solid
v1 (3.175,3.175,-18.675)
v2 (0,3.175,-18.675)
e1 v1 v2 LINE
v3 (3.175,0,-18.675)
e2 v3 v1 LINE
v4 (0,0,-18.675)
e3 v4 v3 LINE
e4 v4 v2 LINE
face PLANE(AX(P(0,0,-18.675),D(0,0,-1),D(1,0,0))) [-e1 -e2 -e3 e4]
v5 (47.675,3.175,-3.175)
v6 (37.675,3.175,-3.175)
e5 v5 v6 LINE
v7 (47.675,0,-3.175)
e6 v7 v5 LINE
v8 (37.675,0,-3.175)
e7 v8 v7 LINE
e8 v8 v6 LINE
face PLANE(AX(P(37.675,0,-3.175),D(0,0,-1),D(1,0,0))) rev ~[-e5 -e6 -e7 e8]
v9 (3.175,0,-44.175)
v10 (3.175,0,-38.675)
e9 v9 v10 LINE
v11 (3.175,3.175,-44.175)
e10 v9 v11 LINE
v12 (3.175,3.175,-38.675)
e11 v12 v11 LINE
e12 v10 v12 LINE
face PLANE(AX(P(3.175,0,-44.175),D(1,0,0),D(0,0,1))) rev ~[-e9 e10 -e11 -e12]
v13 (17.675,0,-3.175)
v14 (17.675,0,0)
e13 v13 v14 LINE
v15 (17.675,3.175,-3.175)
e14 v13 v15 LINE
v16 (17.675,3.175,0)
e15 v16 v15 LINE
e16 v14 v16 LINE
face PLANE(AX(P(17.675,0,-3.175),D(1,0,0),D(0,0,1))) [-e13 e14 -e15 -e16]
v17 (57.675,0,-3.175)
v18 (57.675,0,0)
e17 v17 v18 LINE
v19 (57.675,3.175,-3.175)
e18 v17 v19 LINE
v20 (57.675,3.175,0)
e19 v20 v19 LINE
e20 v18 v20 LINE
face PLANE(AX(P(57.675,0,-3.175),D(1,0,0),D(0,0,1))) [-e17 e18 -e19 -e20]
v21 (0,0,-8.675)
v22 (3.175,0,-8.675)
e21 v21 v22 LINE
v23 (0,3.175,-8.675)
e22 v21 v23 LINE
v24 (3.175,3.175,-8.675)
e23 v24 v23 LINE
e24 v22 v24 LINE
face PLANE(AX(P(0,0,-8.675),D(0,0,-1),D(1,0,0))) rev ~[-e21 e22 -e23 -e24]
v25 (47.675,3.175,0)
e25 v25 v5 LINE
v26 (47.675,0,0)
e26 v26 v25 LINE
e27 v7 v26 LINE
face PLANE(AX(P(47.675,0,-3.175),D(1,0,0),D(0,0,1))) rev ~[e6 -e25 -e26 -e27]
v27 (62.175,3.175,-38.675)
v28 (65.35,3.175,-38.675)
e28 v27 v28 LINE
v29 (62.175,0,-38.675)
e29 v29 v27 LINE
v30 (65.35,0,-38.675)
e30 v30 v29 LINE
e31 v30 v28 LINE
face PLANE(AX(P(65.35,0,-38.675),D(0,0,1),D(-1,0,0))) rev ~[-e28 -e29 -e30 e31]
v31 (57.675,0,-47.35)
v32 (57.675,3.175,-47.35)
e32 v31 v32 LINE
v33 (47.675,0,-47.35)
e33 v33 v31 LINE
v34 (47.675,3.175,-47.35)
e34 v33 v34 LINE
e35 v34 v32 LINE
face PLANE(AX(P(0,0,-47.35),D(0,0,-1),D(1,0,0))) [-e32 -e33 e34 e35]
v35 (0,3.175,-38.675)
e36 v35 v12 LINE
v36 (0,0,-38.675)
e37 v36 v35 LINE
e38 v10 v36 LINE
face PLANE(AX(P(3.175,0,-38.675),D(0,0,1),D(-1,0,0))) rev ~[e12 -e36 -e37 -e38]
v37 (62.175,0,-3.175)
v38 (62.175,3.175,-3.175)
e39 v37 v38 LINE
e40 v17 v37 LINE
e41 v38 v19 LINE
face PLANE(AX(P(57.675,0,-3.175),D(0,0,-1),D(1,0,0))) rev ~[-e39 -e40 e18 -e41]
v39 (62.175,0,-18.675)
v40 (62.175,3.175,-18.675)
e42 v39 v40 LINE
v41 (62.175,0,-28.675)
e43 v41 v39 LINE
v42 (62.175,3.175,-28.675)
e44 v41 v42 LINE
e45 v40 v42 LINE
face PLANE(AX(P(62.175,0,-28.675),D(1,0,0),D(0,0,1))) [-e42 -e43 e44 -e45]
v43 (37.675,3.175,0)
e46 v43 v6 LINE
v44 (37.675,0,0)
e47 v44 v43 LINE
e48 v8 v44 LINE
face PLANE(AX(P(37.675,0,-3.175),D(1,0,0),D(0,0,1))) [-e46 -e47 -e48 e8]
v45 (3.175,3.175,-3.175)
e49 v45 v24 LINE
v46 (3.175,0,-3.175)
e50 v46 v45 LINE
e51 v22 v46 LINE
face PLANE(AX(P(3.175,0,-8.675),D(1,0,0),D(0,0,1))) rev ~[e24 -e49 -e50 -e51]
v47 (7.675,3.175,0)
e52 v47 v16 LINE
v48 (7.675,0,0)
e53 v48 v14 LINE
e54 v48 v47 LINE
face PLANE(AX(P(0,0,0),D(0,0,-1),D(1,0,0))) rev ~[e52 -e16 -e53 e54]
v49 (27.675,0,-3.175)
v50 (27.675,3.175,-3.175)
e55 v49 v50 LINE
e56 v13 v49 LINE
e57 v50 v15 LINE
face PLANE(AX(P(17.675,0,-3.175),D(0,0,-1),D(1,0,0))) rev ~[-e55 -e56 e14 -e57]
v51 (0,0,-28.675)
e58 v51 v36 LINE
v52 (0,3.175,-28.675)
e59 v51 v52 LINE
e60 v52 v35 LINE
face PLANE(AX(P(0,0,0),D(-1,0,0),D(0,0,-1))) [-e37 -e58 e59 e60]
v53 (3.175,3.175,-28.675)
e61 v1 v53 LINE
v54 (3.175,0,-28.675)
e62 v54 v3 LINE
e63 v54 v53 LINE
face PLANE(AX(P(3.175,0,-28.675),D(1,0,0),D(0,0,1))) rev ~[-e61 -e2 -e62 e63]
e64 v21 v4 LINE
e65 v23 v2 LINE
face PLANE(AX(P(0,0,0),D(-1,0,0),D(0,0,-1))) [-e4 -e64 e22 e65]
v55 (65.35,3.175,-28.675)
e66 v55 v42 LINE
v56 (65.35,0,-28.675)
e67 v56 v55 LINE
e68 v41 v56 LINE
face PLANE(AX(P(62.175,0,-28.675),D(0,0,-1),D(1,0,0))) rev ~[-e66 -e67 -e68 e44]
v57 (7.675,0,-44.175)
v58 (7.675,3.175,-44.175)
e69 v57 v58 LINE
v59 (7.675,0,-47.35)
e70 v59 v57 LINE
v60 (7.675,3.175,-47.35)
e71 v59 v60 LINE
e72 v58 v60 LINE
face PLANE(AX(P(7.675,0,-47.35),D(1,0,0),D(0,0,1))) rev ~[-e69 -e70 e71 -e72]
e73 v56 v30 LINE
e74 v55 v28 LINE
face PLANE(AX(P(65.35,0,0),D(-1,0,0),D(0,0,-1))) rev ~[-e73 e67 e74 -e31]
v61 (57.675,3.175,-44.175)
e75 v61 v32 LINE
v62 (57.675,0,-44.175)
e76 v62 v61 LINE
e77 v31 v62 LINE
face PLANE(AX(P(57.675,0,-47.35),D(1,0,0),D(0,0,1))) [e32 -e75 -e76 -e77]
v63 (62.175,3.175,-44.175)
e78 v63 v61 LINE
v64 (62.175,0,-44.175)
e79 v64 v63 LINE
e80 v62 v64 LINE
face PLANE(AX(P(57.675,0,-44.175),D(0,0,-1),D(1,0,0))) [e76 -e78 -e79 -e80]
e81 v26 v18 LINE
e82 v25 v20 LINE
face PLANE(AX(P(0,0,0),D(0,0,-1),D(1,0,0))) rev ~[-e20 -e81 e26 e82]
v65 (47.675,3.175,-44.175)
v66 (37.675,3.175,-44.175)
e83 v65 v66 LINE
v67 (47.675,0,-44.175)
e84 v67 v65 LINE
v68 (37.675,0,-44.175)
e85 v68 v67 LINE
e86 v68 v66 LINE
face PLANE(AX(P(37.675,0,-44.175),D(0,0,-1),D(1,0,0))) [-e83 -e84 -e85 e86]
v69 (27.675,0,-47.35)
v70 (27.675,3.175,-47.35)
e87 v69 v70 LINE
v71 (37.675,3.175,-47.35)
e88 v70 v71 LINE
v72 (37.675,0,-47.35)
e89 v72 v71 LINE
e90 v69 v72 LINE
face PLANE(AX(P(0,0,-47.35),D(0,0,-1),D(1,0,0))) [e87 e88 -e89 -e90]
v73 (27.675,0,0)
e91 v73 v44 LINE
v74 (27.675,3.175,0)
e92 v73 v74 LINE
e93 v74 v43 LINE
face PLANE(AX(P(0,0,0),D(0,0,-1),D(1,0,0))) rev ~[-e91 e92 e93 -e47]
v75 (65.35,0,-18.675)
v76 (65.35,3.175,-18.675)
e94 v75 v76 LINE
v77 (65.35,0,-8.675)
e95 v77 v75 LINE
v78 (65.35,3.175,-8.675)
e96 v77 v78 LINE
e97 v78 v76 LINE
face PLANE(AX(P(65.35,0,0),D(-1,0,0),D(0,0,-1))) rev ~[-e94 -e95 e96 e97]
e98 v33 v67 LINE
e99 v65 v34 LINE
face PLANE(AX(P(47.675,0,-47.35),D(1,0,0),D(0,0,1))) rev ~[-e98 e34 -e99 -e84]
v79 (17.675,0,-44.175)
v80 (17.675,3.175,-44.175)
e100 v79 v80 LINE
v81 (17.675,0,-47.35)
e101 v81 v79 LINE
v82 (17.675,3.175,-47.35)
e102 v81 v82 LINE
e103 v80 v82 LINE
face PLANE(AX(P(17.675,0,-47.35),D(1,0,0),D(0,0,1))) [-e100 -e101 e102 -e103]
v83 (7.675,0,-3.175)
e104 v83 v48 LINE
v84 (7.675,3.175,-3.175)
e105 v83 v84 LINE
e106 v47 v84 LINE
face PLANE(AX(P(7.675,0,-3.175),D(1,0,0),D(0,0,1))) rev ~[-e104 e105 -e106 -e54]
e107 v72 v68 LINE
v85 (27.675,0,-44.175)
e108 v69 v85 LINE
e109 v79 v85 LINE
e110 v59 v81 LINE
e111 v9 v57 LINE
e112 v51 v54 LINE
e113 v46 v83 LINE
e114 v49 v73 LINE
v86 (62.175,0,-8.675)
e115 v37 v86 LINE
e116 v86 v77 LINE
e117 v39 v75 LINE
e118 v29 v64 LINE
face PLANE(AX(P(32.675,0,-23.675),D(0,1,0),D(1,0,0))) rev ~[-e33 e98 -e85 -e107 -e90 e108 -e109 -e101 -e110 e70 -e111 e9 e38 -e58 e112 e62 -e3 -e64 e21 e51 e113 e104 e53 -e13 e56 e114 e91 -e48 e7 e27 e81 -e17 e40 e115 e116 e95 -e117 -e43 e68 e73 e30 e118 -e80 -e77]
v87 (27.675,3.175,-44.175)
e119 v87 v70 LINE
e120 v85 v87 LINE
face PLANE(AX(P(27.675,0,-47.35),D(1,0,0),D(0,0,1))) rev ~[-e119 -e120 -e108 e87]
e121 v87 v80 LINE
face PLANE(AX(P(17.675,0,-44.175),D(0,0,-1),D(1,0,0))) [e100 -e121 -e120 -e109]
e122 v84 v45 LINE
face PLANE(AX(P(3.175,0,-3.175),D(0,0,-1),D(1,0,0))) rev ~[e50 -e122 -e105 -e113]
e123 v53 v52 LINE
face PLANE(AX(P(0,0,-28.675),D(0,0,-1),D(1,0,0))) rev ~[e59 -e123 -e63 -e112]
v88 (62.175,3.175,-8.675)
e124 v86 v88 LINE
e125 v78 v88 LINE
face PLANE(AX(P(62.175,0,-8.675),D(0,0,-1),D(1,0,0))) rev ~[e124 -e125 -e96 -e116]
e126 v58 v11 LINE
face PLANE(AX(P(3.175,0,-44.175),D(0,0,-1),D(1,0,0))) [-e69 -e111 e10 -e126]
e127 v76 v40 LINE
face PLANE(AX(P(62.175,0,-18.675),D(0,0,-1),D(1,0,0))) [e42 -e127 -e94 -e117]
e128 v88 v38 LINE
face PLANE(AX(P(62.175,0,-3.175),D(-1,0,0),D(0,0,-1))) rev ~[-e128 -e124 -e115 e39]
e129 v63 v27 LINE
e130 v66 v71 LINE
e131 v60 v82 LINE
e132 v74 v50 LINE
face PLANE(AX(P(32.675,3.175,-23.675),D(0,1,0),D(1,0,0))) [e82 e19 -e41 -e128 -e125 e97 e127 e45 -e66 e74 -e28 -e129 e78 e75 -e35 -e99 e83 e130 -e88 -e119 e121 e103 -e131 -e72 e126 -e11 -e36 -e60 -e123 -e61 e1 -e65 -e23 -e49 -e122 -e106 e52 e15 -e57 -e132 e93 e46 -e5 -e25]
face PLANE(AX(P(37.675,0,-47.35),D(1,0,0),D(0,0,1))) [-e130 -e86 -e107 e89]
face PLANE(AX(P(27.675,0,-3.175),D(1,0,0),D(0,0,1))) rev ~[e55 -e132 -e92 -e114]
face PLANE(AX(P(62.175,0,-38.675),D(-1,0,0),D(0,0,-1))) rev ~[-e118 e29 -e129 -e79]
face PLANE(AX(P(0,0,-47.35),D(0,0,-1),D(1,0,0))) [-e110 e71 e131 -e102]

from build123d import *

# Parameters (mm, degrees)
SKETCH1_W           = 65.35
SKETCH1_H           = 47.35
BOSS_EXTRUDE1_DEPTH = 3.175
SKETCH2_W           = 4.5
SKETCH2_H           = 3.175
SKETCH2_W_2         = 3.175
SKETCH2_H_2         = 10
SKETCH2_W_3         = 10
CUT_EXTRUDE1_DEPTH  = 4.175


with BuildPart() as part:
    # Sketch1 → Boss-Extrude1 (new body)
    with BuildSketch(Plane(origin=(0, 0, 0), x_dir=(1, 0, 0), z_dir=(0, 1, 0))):
        with Locations((32.675, 23.675)):
            Rectangle(SKETCH1_W, SKETCH1_H)
    extrude(amount=BOSS_EXTRUDE1_DEPTH)

    # Sketch2 → Cut-Extrude1 (cut, through all)
    with BuildSketch(Plane.XZ):
        with Locations((59.925, -45.7625)):
            Rectangle(SKETCH2_W, SKETCH2_H)
        Polygon((65.35, -38.675), (62.175, -38.675), (62.175, -44.175), (62.175, -47.35), (65.35, -47.35), align=None)
        with Locations((63.7625, -23.675)):
            Rectangle(SKETCH2_W_2, SKETCH2_H_2)
        Polygon((62.175, -8.675), (65.35, -8.675), (65.35, 0), (62.175, 0), (62.175, -3.175), align=None)
        with Locations((59.925, -1.5875)):
            Rectangle(SKETCH2_W, SKETCH2_H)
        with Locations((42.675, -1.5875)):
            Rectangle(SKETCH2_W_3, SKETCH2_H)
        with Locations((42.675, -45.7625)):
            Rectangle(SKETCH2_W_3, SKETCH2_H)
        with Locations((22.675, -45.7625)):
            Rectangle(SKETCH2_W_3, SKETCH2_H)
        with Locations((5.425, -45.7625)):
            Rectangle(SKETCH2_W, SKETCH2_H)
        Polygon((0, -47.35), (3.175, -47.35), (3.175, -44.175), (3.175, -38.675), (0, -38.675), align=None)
        with Locations((1.5875, -23.675)):
            Rectangle(SKETCH2_W_2, SKETCH2_H_2)
        Polygon((3.175, -3.175), (3.175, 0), (0, 0), (0, -8.675), (3.175, -8.675), align=None)
        with Locations((5.425, -1.5875)):
            Rectangle(SKETCH2_W, SKETCH2_H)
        with Locations((22.675, -1.5875)):
            Rectangle(SKETCH2_W_3, SKETCH2_H)
    extrude(amount=-CUT_EXTRUDE1_DEPTH, mode=Mode.SUBTRACT)


solid = part.part
